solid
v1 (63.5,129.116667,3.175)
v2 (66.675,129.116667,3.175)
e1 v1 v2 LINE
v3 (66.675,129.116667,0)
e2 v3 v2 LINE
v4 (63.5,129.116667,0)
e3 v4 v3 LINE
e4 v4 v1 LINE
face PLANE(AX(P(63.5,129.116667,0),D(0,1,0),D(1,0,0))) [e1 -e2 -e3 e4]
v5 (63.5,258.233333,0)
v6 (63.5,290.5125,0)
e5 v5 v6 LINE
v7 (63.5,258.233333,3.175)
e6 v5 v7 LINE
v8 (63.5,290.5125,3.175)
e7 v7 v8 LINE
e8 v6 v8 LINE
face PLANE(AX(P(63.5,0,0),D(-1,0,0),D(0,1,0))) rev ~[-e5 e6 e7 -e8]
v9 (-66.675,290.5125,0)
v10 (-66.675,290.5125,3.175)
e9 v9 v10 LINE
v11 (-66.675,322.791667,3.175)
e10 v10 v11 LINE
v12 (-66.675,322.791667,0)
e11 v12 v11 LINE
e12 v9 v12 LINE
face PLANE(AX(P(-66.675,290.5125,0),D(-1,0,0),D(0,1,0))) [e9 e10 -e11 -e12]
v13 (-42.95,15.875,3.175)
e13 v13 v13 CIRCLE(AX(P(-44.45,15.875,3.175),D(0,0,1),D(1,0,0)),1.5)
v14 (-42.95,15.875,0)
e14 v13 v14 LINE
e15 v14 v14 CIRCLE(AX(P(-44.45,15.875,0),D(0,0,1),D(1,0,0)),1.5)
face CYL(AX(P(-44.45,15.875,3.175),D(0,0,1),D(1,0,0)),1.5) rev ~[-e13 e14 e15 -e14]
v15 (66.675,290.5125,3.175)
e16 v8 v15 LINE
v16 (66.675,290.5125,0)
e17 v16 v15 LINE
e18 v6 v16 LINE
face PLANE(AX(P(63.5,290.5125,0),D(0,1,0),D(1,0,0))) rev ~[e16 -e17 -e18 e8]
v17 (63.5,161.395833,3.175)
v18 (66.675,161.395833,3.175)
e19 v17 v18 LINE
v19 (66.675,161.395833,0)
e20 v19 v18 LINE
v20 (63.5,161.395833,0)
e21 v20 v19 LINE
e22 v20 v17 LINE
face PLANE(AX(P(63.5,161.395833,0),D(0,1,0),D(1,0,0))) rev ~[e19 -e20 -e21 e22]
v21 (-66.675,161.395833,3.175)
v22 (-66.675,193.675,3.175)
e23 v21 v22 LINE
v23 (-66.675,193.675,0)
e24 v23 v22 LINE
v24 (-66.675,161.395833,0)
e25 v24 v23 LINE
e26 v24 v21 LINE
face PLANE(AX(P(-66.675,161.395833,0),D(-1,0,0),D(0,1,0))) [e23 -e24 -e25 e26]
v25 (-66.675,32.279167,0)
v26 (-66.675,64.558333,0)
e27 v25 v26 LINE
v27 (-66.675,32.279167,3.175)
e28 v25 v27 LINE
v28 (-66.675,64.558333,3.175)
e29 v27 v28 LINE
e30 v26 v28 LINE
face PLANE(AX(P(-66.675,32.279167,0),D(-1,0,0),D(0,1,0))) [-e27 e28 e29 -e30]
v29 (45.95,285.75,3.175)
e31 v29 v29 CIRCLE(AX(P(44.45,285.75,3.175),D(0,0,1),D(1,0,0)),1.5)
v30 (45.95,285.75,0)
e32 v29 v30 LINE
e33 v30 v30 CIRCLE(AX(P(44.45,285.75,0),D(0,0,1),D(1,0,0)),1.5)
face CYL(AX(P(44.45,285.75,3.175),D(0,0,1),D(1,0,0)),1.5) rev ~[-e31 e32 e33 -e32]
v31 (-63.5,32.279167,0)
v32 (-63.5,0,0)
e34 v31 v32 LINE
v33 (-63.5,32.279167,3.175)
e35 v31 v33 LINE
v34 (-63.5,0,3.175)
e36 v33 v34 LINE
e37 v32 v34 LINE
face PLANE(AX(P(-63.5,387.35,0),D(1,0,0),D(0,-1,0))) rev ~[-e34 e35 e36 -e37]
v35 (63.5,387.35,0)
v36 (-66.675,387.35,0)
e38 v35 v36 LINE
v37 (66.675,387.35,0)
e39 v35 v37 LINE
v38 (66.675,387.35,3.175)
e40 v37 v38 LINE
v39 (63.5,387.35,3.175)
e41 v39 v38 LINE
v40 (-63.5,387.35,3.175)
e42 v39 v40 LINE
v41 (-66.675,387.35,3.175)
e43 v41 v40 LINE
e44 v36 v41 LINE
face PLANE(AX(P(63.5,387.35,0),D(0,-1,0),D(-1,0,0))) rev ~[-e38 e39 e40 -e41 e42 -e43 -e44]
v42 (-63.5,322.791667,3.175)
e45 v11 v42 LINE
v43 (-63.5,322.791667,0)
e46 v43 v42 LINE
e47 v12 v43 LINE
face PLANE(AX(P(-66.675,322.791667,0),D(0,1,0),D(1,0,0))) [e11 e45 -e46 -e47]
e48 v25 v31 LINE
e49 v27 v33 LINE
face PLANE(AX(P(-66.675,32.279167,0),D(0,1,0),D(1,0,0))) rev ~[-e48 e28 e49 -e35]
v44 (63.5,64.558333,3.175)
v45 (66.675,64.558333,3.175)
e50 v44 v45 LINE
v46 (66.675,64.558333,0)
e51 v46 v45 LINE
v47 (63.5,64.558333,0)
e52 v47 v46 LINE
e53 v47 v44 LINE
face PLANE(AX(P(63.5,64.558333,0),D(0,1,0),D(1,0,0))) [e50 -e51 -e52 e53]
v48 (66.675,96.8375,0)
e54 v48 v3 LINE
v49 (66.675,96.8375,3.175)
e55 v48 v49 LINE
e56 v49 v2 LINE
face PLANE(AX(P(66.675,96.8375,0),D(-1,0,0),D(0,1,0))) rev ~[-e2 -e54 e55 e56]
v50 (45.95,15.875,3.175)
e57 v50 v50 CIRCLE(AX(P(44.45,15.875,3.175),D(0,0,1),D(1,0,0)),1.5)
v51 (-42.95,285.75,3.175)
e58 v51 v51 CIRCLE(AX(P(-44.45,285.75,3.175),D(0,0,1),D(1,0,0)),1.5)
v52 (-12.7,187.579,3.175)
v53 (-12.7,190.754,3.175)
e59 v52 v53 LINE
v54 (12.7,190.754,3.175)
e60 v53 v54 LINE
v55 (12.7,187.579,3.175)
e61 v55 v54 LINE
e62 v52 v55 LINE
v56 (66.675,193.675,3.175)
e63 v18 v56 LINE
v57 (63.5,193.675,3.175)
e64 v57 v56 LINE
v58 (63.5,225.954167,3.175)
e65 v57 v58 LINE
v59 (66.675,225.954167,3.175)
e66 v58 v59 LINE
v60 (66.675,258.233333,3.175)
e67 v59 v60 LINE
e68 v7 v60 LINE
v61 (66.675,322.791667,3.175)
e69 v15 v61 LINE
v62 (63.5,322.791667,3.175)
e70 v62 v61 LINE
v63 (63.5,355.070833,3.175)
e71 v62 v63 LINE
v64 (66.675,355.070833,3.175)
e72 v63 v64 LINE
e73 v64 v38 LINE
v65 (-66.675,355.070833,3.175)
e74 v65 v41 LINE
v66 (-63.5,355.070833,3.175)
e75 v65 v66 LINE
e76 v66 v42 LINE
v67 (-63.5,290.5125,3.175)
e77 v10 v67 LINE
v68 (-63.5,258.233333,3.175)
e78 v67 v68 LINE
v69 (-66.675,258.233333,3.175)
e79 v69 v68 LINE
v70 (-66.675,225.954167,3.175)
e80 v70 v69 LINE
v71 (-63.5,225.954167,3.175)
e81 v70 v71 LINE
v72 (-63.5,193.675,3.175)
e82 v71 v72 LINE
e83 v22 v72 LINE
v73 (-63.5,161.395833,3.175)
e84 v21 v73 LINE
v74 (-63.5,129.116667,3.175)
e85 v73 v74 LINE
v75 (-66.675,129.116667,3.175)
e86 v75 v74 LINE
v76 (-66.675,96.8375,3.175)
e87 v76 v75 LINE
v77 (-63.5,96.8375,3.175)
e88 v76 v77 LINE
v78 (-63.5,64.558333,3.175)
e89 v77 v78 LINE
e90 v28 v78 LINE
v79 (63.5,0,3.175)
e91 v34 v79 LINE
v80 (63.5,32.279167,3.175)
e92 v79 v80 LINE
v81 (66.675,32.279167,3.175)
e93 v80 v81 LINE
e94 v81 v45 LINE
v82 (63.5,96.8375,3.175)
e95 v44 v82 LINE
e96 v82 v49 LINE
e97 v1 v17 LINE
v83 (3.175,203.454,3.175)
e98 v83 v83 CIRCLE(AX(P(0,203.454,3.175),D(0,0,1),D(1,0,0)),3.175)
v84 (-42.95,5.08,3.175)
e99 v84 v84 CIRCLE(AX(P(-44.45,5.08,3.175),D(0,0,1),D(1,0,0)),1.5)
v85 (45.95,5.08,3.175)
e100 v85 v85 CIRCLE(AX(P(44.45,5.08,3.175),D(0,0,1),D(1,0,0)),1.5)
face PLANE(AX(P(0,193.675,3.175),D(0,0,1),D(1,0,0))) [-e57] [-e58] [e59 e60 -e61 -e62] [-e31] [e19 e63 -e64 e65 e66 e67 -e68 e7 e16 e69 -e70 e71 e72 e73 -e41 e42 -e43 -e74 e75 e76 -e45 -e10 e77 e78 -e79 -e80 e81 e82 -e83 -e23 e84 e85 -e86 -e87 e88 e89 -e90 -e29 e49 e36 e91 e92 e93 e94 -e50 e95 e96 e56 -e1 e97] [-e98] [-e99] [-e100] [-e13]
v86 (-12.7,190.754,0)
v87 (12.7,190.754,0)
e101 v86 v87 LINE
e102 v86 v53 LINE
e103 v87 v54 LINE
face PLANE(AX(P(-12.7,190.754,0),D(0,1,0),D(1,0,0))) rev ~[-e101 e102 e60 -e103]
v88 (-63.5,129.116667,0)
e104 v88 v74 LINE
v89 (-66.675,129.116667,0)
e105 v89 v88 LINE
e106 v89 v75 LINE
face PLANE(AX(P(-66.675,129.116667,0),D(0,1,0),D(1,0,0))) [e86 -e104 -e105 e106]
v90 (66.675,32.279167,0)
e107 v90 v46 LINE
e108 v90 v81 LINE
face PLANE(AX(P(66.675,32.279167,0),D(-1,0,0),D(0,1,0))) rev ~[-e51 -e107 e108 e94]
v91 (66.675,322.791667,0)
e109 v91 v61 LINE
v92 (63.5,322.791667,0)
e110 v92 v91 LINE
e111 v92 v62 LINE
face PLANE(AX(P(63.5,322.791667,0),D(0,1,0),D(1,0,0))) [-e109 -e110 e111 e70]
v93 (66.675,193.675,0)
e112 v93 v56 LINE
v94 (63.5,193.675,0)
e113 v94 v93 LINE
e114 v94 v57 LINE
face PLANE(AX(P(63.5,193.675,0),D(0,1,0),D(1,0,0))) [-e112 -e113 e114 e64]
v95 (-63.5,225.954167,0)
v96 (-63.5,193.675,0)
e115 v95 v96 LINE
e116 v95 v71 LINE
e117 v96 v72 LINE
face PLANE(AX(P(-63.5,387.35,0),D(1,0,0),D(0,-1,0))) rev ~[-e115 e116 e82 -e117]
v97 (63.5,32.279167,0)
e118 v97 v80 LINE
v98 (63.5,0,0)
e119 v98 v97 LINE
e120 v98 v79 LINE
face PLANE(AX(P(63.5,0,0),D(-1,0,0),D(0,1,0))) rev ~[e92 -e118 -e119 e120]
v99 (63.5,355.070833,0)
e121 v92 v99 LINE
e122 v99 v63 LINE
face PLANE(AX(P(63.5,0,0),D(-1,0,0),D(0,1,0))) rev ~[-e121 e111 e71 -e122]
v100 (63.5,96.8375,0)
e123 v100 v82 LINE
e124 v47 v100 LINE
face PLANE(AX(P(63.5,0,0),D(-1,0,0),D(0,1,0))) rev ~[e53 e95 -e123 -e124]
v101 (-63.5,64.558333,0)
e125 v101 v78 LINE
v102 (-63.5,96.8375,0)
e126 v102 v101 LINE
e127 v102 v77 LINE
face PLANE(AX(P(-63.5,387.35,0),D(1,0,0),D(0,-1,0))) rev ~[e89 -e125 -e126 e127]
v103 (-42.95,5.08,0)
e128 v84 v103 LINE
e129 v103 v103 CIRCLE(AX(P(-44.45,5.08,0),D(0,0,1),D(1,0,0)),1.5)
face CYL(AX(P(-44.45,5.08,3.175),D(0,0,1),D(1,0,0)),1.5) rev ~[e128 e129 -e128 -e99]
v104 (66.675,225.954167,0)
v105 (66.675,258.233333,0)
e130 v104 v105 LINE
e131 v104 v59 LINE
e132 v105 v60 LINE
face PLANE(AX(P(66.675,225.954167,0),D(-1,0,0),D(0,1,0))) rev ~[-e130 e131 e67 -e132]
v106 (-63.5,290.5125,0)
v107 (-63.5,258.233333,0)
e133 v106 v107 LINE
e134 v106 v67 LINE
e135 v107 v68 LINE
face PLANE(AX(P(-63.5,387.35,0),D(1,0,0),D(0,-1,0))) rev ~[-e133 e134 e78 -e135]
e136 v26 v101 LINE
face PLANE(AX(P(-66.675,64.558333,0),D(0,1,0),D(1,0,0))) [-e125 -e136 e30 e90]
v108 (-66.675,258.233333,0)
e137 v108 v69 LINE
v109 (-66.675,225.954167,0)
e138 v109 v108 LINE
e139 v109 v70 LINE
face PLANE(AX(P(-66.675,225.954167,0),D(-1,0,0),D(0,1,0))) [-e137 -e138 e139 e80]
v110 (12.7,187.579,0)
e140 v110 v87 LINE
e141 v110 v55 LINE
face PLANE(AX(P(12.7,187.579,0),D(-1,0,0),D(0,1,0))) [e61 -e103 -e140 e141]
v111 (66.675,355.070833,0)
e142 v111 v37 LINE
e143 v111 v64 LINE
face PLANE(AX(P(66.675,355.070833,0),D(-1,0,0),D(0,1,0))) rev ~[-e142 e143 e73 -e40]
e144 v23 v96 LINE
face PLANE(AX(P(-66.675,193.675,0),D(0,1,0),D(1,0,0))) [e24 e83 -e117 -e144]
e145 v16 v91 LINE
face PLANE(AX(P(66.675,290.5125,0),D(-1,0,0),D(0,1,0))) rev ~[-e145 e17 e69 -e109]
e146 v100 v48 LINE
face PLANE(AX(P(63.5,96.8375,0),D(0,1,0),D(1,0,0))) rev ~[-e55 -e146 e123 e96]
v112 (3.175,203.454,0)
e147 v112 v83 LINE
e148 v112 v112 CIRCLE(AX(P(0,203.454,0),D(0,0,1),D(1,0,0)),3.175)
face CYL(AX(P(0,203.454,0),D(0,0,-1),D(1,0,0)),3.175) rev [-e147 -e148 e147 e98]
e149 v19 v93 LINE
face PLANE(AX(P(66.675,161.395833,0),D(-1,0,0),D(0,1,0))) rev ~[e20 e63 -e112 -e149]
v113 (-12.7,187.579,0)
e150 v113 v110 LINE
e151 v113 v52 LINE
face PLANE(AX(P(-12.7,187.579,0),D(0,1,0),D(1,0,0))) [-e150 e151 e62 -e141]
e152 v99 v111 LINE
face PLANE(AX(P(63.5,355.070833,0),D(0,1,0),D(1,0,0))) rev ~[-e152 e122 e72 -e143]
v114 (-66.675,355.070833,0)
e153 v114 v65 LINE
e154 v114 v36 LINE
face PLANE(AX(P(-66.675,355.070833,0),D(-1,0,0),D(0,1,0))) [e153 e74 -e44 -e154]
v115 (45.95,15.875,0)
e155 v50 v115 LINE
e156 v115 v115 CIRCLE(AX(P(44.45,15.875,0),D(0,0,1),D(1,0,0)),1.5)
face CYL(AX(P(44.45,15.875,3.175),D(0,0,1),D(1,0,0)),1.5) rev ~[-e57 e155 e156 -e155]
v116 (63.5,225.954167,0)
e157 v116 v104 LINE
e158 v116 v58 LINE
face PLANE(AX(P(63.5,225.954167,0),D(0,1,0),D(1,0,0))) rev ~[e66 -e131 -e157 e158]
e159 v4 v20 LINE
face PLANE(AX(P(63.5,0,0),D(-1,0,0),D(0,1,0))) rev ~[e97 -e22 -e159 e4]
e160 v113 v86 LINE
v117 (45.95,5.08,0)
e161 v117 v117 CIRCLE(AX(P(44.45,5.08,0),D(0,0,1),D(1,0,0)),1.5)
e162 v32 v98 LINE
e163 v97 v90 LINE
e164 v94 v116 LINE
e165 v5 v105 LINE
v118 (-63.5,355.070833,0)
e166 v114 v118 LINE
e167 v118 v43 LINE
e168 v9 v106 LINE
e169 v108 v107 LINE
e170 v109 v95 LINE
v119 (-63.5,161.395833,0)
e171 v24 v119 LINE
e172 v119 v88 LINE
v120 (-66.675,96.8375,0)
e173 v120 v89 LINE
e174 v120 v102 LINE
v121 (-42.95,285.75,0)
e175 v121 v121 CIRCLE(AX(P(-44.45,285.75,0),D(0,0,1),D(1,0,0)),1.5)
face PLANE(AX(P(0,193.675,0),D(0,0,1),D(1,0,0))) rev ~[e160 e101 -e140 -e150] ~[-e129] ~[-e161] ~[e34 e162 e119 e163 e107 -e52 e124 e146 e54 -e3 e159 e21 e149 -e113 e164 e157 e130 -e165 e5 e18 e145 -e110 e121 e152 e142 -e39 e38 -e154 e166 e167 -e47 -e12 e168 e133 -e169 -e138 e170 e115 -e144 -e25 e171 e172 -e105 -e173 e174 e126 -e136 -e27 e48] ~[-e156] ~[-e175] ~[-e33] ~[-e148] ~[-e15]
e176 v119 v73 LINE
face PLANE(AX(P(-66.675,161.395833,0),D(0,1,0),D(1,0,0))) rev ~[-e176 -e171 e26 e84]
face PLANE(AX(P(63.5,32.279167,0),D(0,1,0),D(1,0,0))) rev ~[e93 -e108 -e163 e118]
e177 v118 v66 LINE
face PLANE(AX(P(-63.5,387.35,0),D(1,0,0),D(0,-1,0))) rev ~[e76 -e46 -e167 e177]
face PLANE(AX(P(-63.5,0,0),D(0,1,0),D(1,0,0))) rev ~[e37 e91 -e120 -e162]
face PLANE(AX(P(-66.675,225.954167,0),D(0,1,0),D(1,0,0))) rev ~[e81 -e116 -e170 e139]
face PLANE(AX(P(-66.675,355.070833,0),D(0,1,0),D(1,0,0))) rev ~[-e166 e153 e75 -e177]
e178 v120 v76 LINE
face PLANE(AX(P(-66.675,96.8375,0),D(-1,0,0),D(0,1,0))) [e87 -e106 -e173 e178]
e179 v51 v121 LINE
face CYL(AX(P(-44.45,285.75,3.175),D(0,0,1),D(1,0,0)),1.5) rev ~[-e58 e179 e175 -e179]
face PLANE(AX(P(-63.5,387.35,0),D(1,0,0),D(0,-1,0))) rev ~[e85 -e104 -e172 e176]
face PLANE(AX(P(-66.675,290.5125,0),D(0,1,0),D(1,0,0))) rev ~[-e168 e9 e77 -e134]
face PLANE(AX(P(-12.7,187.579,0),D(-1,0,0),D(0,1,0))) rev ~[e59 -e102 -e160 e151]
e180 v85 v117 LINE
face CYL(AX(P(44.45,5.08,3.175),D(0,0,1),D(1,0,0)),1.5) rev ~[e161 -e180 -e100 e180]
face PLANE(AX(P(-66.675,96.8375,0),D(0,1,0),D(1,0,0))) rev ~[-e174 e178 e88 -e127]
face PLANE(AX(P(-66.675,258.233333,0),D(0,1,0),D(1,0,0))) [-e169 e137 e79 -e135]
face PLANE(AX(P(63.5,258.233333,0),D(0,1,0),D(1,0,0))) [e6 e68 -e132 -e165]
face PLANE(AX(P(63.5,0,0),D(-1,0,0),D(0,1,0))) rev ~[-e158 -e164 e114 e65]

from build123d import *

# Parameters (mm, degrees)
SKETCH1_W           = 25.4
SKETCH1_H           = 3.175
SKETCH1_R           = 3.175
SKETCH1_W_2         = 3.175
SKETCH1_H_2         = 32.279166667
SKETCH1_H_3         = 32.279166666
BOSS_EXTRUDE1_DEPTH = 3.175
SKETCH2_R           = 1.5
CUT_EXTRUDE1_DEPTH  = 394.059357795


with BuildPart() as part:
    # Sketch1 → Boss-Extrude1 (new body)
    # profile 1 of 13: a face of its own
    with BuildSketch(Plane.XY):
        Polygon((63.5, 387.35), (-63.5, 387.35), (-63.5, 355.070833333), (-63.5, 322.791666667), (-63.5, 290.5125), (-63.5, 258.233333333), (-63.5, 225.954166667), (-63.5, 193.675), (-63.5, 161.395833333), (-63.5, 129.116666667), (-63.5, 96.8375), (-63.5, 64.558333333), (-63.5, 32.279166667), (-63.5, 0), (63.5, 0), (63.5, 32.279166667), (63.5, 64.558333333), (63.5, 96.8375), (63.5, 129.116666667), (63.5, 161.395833333), (63.5, 193.675), (63.5, 225.954166667), (63.5, 258.233333333), (63.5, 290.5125), (63.5, 322.791666667), (63.5, 355.070833333), align=None)
        with Locations((0, 189.1665)):
            Rectangle(SKETCH1_W, SKETCH1_H, mode=Mode.SUBTRACT)
        with Locations((0, 203.454)):
            Circle(SKETCH1_R, mode=Mode.SUBTRACT)
    # profile 2 of 13: a face of its own
    with BuildSketch(Plane.XY):
        with Locations((-65.0875, 371.210416667)):
            Rectangle(SKETCH1_W_2, SKETCH1_H_2)
    # profile 3 of 13: a face of its own
    with BuildSketch(Plane.XY):
        with Locations((-65.0875, 306.652083334)):
            Rectangle(SKETCH1_W_2, SKETCH1_H_2)
    # profile 4 of 13: a face of its own
    with BuildSketch(Plane.XY):
        with Locations((-65.0875, 242.09375)):
            Rectangle(SKETCH1_W_2, SKETCH1_H_3)
    # profile 5 of 13: a face of its own
    with BuildSketch(Plane.XY):
        with Locations((-65.0875, 177.535416666)):
            Rectangle(SKETCH1_W_2, SKETCH1_H_2)
    # profile 6 of 13: a face of its own
    with BuildSketch(Plane.XY):
        with Locations((65.0875, 371.210416667)):
            Rectangle(SKETCH1_W_2, SKETCH1_H_2)
    # profile 7 of 13: a face of its own
    with BuildSketch(Plane.XY):
        with Locations((65.0875, 306.652083334)):
            Rectangle(SKETCH1_W_2, SKETCH1_H_2)
    # profile 8 of 13: a face of its own
    with BuildSketch(Plane.XY):
        with Locations((65.0875, 242.09375)):
            Rectangle(SKETCH1_W_2, SKETCH1_H_3)
    # profile 9 of 13: a face of its own
    with BuildSketch(Plane.XY):
        with Locations((65.0875, 177.535416666)):
            Rectangle(SKETCH1_W_2, SKETCH1_H_2)
    # profile 10 of 13: a face of its own
    with BuildSketch(Plane.XY):
        with Locations((65.0875, 112.977083334)):
            Rectangle(SKETCH1_W_2, SKETCH1_H_2)
    # profile 11 of 13: a face of its own
    with BuildSketch(Plane.XY):
        with Locations((-65.0875, 112.977083334)):
            Rectangle(SKETCH1_W_2, SKETCH1_H_2)
    # profile 12 of 13: a face of its own
    with BuildSketch(Plane.XY):
        with Locations((-65.0875, 48.41875)):
            Rectangle(SKETCH1_W_2, SKETCH1_H_3)
    # profile 13 of 13: a face of its own
    with BuildSketch(Plane.XY):
        with Locations((65.0875, 48.41875)):
            Rectangle(SKETCH1_W_2, SKETCH1_H_3)
    extrude(amount=BOSS_EXTRUDE1_DEPTH)

    # Sketch2 → Cut-Extrude1 (cut, through all)
    with BuildSketch(Plane.XY.offset(3.175)):
        with Locations((-44.45, 285.75)):
            Circle(SKETCH2_R)
        with Locations((44.45, 285.75)):
            Circle(SKETCH2_R)
        with Locations((-44.45, 15.875)):
            Circle(SKETCH2_R)
        with Locations((44.45, 15.875)):
            Circle(SKETCH2_R)
        with Locations((-44.45, 5.08)):
            Circle(SKETCH2_R)
        with Locations((44.45, 5.08)):
            Circle(SKETCH2_R)
    extrude(amount=-CUT_EXTRUDE1_DEPTH, mode=Mode.SUBTRACT)


solid = part.part
